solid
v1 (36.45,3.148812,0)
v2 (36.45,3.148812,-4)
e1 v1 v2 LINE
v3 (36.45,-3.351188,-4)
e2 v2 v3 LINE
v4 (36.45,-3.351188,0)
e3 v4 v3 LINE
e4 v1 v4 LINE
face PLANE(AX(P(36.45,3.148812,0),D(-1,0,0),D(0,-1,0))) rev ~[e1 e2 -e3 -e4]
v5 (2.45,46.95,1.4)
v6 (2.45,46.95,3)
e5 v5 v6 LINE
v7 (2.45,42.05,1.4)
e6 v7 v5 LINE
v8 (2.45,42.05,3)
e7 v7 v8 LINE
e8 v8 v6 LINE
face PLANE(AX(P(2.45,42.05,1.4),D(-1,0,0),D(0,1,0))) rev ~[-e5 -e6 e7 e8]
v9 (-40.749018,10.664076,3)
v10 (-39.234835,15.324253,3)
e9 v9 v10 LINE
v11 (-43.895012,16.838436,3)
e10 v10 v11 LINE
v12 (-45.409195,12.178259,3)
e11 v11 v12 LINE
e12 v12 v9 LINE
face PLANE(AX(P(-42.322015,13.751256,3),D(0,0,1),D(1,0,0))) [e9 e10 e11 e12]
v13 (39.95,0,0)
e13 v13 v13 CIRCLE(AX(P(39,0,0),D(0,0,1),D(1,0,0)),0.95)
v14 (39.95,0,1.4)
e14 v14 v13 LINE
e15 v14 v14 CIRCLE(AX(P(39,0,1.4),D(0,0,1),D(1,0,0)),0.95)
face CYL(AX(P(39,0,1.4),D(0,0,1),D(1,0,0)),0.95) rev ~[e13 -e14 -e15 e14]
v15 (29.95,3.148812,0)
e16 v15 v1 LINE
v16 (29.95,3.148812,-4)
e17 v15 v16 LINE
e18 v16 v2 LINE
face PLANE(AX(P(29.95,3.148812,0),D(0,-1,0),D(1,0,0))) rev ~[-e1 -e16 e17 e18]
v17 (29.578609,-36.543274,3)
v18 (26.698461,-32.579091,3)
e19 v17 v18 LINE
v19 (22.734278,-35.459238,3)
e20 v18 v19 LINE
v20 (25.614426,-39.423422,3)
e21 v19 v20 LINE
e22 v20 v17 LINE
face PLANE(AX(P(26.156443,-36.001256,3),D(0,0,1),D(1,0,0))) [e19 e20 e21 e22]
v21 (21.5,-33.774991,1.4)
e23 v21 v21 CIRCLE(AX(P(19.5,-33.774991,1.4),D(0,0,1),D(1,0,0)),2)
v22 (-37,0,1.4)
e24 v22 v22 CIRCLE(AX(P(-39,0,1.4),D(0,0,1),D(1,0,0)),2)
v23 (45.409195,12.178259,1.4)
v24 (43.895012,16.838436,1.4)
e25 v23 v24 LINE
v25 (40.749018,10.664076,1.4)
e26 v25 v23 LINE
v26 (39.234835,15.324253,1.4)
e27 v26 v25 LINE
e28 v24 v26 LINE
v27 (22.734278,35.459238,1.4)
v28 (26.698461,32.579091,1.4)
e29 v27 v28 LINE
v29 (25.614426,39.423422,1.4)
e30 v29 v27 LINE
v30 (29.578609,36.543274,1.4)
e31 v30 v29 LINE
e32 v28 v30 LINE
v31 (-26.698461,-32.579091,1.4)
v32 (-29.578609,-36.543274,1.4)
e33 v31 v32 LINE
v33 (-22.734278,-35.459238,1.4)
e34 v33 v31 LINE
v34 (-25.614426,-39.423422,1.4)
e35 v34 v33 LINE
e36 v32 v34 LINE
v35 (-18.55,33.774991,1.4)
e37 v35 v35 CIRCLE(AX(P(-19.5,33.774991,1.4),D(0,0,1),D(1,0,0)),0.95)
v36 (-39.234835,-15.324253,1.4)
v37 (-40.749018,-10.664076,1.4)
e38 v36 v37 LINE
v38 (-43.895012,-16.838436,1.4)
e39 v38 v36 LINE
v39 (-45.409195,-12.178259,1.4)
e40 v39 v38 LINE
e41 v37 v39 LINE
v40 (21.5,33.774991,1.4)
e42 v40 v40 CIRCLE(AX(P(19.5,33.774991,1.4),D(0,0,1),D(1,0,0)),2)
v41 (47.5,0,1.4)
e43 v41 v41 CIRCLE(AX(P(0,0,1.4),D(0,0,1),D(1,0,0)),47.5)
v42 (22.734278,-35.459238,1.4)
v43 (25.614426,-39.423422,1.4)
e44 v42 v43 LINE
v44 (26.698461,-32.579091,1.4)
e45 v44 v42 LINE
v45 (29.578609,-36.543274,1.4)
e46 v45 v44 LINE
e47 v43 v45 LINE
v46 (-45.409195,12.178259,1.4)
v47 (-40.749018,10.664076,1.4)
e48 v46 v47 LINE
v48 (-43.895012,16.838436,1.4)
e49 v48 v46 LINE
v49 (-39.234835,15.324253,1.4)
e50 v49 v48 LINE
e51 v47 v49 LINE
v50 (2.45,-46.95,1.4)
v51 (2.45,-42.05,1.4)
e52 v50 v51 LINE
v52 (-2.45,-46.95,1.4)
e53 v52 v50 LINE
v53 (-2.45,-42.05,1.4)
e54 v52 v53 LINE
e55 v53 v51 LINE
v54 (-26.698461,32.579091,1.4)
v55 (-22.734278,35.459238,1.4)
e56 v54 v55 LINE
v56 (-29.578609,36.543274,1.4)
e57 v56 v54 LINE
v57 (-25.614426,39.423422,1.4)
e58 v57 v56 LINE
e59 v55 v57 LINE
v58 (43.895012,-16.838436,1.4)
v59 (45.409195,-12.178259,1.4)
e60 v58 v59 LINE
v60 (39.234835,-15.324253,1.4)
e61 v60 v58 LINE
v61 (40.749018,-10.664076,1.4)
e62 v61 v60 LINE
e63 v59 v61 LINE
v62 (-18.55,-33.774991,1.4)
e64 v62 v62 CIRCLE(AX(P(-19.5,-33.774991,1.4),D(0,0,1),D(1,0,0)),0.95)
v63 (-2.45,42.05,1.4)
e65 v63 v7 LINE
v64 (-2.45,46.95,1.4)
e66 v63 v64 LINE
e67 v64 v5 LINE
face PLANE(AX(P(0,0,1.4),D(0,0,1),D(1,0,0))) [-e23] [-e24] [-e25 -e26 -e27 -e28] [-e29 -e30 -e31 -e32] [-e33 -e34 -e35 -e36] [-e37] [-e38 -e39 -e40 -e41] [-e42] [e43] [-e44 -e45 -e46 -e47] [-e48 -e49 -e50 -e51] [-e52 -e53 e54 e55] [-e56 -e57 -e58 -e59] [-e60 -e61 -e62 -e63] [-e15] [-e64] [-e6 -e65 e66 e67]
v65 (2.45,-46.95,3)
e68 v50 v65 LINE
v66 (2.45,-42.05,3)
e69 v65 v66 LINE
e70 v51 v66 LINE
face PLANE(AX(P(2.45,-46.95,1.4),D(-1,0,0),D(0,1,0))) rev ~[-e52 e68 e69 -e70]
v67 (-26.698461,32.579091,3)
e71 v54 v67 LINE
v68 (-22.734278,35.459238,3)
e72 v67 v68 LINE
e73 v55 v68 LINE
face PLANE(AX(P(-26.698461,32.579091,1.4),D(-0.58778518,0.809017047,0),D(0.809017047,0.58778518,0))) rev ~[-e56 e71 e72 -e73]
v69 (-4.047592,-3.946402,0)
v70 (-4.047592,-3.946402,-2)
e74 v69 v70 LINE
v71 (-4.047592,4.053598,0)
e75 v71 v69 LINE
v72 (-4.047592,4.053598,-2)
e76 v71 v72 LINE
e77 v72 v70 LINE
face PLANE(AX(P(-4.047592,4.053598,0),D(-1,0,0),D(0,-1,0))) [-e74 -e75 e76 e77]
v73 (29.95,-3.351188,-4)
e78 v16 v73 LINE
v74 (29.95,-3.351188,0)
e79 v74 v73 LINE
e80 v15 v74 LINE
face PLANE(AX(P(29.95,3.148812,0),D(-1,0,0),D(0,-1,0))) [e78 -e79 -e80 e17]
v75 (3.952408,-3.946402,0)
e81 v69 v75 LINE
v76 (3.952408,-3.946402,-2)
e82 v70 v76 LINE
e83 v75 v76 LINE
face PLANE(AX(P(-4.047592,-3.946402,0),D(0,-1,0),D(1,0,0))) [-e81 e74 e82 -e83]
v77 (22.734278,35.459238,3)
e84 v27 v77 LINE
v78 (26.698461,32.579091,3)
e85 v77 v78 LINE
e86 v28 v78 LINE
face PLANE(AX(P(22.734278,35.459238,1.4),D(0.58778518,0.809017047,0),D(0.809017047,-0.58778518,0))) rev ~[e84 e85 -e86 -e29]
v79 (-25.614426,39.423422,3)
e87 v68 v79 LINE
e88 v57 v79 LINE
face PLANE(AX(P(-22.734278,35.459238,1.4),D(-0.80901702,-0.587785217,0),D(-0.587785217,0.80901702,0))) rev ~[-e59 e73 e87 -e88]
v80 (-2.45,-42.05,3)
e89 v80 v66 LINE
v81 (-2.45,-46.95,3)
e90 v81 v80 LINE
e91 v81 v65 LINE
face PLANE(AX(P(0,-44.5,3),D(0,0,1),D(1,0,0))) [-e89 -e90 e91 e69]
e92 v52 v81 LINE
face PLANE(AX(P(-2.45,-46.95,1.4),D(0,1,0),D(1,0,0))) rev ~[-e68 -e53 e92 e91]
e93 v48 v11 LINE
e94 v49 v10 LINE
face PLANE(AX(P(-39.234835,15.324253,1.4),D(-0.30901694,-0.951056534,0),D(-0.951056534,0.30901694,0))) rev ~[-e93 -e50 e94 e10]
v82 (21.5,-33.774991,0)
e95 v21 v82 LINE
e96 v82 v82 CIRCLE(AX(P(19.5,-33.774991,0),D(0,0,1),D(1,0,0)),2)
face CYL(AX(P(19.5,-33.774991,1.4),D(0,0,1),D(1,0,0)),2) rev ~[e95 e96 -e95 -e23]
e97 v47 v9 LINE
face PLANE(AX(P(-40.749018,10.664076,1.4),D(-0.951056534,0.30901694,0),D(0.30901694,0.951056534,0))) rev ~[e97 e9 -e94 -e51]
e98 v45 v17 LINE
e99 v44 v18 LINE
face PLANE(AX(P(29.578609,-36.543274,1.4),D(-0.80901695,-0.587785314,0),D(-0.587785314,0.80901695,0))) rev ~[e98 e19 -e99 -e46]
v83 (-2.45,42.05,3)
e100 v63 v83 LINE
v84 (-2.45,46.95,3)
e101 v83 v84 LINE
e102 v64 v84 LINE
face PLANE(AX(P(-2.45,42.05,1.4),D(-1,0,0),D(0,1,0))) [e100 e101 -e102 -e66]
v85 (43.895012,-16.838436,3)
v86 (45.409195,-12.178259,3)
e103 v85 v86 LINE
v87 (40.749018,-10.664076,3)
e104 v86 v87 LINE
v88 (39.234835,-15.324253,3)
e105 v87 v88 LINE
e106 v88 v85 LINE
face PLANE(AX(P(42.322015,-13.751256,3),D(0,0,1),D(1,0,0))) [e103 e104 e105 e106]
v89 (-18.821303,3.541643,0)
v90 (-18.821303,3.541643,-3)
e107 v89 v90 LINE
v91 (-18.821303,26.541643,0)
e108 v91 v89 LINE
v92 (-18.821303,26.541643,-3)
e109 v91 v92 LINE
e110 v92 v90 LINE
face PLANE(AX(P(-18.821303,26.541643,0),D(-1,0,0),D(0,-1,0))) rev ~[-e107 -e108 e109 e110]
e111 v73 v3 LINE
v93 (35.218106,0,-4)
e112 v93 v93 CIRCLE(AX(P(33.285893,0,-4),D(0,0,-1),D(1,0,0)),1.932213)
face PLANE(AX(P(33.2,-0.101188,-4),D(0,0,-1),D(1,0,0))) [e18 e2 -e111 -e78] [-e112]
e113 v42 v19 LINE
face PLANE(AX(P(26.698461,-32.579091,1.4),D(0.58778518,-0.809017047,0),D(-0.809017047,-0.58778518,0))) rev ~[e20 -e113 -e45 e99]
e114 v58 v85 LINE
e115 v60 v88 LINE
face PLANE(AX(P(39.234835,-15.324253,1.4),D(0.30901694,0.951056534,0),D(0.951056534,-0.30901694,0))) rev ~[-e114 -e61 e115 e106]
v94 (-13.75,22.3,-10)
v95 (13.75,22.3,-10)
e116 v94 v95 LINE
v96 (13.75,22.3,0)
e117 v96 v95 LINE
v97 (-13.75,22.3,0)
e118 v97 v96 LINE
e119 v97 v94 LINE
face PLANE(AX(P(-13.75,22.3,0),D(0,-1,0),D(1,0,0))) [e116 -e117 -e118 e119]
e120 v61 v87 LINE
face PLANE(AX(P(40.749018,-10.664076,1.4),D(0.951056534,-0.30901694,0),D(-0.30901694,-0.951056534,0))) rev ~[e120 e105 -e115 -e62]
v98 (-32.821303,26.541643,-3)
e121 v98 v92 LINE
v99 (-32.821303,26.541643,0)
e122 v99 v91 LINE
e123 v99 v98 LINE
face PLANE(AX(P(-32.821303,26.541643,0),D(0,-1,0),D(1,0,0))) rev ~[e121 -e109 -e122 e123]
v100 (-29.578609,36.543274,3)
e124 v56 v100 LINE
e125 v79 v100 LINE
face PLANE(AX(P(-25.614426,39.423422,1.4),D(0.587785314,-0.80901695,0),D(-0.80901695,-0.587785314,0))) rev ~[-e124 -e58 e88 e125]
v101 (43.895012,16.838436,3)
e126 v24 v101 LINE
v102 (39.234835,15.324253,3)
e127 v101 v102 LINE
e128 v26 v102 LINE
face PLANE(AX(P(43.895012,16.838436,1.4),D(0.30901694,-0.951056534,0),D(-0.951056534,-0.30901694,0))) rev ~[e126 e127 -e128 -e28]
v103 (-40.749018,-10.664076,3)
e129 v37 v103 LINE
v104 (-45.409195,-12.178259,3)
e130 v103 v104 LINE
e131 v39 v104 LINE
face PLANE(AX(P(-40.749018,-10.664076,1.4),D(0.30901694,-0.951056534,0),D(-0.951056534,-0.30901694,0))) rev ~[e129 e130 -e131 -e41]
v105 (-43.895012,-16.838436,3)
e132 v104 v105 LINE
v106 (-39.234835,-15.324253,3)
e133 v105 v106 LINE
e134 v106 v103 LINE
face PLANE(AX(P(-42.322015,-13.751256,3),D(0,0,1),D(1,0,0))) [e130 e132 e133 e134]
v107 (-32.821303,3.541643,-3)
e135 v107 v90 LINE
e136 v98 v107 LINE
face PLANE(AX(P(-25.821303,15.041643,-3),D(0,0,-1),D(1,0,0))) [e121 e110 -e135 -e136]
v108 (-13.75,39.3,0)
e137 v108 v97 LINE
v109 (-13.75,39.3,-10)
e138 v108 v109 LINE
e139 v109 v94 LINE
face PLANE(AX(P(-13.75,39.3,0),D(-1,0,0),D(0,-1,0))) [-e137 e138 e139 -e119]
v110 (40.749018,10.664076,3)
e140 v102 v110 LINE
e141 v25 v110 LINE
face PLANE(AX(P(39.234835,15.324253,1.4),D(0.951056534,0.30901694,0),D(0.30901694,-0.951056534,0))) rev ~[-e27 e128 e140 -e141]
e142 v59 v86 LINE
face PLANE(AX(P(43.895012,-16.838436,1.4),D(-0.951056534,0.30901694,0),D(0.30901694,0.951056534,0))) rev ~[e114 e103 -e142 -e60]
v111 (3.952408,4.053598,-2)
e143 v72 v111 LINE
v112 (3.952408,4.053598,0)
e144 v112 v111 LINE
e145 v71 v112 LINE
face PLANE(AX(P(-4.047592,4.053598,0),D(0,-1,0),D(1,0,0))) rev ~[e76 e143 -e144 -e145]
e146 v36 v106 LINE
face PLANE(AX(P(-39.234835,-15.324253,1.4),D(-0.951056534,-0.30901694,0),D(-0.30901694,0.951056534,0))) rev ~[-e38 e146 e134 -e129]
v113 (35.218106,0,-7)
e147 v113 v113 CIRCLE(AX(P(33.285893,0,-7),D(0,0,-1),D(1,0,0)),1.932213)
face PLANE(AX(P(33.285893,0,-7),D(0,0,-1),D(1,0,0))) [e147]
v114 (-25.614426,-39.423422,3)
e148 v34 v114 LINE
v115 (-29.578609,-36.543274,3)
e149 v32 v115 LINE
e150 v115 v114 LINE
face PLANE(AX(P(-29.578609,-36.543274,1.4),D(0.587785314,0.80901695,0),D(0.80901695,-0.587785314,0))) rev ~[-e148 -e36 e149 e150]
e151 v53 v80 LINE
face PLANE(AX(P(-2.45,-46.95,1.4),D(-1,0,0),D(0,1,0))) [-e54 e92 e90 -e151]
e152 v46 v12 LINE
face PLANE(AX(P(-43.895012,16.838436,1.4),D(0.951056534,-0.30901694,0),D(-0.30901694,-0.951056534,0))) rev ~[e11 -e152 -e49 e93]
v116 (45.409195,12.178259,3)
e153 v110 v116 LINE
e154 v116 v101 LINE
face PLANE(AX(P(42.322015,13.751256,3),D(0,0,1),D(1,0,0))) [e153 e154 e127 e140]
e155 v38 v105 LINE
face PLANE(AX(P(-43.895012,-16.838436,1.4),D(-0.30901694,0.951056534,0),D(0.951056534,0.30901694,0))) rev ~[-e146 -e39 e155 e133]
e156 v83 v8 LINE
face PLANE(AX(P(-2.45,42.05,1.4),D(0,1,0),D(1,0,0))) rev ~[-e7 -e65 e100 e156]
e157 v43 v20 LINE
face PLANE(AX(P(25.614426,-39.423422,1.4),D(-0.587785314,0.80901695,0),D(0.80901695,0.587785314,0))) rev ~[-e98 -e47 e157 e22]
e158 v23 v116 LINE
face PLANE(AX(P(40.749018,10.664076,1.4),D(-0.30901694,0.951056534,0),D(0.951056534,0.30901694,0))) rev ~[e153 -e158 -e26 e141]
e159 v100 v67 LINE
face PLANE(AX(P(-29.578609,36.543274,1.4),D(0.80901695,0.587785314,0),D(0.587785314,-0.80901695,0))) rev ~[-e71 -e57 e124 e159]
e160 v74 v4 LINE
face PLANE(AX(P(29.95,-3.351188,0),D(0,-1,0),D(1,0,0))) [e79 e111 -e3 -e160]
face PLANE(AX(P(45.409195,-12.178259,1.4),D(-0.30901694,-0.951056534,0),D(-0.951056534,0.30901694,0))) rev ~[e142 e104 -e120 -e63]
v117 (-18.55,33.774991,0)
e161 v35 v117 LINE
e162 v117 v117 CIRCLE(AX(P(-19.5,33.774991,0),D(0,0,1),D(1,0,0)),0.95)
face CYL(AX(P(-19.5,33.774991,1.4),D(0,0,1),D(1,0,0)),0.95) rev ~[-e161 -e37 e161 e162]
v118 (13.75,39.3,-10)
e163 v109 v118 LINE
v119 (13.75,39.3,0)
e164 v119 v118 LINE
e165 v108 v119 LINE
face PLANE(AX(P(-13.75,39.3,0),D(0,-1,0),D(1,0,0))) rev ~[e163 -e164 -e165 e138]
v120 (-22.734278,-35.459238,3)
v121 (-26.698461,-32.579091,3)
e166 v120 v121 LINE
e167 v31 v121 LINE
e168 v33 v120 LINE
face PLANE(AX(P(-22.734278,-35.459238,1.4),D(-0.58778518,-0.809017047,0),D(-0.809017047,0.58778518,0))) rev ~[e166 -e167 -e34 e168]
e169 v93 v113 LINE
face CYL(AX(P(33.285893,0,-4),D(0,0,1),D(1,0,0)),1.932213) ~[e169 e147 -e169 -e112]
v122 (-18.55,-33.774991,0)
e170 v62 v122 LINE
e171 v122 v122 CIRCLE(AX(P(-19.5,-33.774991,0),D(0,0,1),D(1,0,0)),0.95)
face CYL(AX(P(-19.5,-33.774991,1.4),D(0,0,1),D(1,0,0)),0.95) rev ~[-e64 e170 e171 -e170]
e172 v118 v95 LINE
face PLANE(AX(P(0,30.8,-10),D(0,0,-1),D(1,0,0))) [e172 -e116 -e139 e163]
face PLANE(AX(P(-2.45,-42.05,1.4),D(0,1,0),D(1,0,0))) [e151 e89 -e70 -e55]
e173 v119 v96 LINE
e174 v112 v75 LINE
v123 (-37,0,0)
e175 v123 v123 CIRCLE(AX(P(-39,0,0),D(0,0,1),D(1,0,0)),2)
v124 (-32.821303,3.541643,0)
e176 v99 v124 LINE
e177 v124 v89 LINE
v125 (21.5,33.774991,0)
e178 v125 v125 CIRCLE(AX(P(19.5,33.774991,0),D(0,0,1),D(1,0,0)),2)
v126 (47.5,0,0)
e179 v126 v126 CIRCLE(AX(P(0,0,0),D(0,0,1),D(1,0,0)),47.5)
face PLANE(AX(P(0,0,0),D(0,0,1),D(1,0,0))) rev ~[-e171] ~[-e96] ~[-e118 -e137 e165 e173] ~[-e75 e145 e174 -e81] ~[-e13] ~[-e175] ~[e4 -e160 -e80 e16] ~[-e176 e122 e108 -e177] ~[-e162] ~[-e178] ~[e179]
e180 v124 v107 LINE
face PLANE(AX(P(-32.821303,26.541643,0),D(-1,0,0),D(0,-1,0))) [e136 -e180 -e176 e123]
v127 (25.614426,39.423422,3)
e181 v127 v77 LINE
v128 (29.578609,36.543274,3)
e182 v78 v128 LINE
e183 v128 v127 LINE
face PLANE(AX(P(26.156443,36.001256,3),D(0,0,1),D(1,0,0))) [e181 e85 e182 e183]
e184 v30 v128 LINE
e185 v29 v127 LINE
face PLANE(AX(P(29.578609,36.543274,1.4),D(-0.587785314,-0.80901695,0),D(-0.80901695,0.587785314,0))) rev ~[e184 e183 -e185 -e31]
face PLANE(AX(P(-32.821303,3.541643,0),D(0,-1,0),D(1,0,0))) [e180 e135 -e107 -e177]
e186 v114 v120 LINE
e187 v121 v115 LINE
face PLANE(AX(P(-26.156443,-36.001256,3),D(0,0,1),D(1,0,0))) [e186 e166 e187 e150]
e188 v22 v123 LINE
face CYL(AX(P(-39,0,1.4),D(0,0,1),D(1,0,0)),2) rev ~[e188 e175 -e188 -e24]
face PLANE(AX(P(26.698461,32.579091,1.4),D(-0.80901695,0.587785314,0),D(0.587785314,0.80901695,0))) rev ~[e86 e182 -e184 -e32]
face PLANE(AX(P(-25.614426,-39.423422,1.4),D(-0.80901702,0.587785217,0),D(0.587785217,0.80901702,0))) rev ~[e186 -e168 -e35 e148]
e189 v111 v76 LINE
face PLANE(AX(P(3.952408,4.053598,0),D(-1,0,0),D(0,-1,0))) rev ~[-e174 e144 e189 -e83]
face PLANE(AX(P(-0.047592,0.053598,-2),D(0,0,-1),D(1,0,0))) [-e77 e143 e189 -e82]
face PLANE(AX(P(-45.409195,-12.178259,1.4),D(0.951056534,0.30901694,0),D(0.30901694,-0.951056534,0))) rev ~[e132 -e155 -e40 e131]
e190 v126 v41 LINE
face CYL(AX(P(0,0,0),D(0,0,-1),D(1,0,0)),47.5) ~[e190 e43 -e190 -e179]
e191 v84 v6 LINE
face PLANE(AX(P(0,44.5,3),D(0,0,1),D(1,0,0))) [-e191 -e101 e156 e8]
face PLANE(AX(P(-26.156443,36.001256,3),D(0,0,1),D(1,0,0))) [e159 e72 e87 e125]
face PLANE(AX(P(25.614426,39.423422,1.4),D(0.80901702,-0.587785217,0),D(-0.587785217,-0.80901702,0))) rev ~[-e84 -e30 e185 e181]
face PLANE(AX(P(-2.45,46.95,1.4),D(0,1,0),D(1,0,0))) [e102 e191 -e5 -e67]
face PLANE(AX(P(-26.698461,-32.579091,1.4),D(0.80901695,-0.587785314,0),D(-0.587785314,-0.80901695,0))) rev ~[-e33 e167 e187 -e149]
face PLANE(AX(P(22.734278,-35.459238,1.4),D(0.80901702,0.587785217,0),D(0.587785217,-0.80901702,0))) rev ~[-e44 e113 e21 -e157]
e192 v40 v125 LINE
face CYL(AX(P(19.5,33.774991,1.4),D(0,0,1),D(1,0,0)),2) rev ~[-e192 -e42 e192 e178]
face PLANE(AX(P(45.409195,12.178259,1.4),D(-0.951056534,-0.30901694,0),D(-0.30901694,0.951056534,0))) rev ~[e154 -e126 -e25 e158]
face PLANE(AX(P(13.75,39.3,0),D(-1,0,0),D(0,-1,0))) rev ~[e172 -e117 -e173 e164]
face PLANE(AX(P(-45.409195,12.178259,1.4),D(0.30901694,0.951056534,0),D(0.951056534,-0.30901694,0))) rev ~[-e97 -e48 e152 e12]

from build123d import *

# Parameters (mm, degrees)
F0_R      = 47.5
F1_DEPTH  = 1.4
F3_W      = 4.9
F3_H      = 4.9
F4_DEPTH  = 1.6
F5_R      = 2
F5_R_2    = 0.95
F6_DEPTH  = 1.401
F7_W      = 27.5
F7_H      = 17
F8_DEPTH  = 10
F9_W      = 14
F9_H      = 23
F10_DEPTH = 3
F11_W     = 8
F11_H     = 8
F12_DEPTH = 2
F13_W     = 6.5
F13_H     = 6.5
F14_DEPTH = 4
F15_R     = 1.932213
F16_DEPTH = 3


with BuildPart() as f1:
    # F0 (on Top) → F1 (new body)
    with BuildSketch(Plane.XY):
        Circle(F0_R)
    extrude(amount=F1_DEPTH)

    # F3 (on face) → F4 (join)
    with BuildSketch(Plane.XY.offset(1.4)):
        with Locations((0, 44.5)):
            Rectangle(F3_W, F3_H)
        Polygon((-22.734278, 35.459238), (-25.614426, 39.423422), (-29.578609, 36.543274), (-26.698461, 32.579091), align=None)
        Polygon((-39.234835, 15.324253), (-43.895012, 16.838436), (-45.409195, 12.178259), (-40.749018, 10.664076), align=None)
        Polygon((-40.749018, -10.664076), (-45.409195, -12.178259), (-43.895012, -16.838436), (-39.234835, -15.324253), align=None)
        Polygon((-26.698461, -32.579091), (-29.578609, -36.543274), (-25.614426, -39.423422), (-22.734278, -35.459238), align=None)
        with Locations((0, -44.5)):
            Rectangle(F3_W, F3_H)
        Polygon((22.734278, -35.459238), (25.614426, -39.423422), (29.578609, -36.543274), (26.698461, -32.579091), align=None)
        Polygon((39.234835, -15.324253), (43.895012, -16.838436), (45.409195, -12.178259), (40.749018, -10.664076), align=None)
        Polygon((40.749018, 10.664076), (45.409195, 12.178259), (43.895012, 16.838436), (39.234835, 15.324253), align=None)
        Polygon((26.698461, 32.579091), (29.578609, 36.543274), (25.614426, 39.423422), (22.734278, 35.459238), align=None)
    extrude(amount=F4_DEPTH)

    # F5 (on face) → F6 (cut, through all)
    with BuildSketch(Plane.XY.offset(1.4)):
        with Locations((-39, 0)):
            Circle(F5_R)
        with Locations((19.5, -33.774991)):
            Circle(F5_R)
        with Locations((19.5, 33.774991)):
            Circle(F5_R)
        with Locations((39, 0)):
            Circle(F5_R_2)
        with Locations((-19.5, 33.774991)):
            Circle(F5_R_2)
        with Locations((-19.5, -33.774991)):
            Circle(F5_R_2)
    extrude(amount=-F6_DEPTH, mode=Mode.SUBTRACT)

    # F7 (on face) → F8 (join)
    with BuildSketch(Plane(origin=(0, 0, 0), x_dir=(1, 0, 0), z_dir=(0, 0, -1))):
        with Locations((0, -30.8)):
            Rectangle(F7_W, F7_H)
    extrude(amount=F8_DEPTH)

    # F9 (on face) → F10 (join)
    with BuildSketch(Plane(origin=(0, 0, 0), x_dir=(1, 0, 0), z_dir=(0, 0, -1))):
        with Locations((-25.821303, -15.041643)):
            Rectangle(F9_W, F9_H)
    extrude(amount=F10_DEPTH)

    # F11 (on face) → F12 (join)
    with BuildSketch(Plane(origin=(0, 0, 0), x_dir=(1, 0, 0), z_dir=(0, 0, -1))):
        with Locations((-0.047592, -0.053598)):
            Rectangle(F11_W, F11_H)
    extrude(amount=F12_DEPTH)

    # F13 (on face) → F14 (join)
    with BuildSketch(Plane(origin=(0, 0, 0), x_dir=(1, 0, 0), z_dir=(0, 0, -1))):
        with Locations((33.2, 0.101188)):
            Rectangle(F13_W, F13_H)
    extrude(amount=F14_DEPTH)

    # F15 (on face) → F16 (join)
    with BuildSketch(Plane(origin=(0, 0, -4), x_dir=(1, 0, 0), z_dir=(0, 0, -1))):
        with Locations((33.285893, 0)):
            Circle(F15_R)
    extrude(amount=F16_DEPTH)


solid = f1.part
